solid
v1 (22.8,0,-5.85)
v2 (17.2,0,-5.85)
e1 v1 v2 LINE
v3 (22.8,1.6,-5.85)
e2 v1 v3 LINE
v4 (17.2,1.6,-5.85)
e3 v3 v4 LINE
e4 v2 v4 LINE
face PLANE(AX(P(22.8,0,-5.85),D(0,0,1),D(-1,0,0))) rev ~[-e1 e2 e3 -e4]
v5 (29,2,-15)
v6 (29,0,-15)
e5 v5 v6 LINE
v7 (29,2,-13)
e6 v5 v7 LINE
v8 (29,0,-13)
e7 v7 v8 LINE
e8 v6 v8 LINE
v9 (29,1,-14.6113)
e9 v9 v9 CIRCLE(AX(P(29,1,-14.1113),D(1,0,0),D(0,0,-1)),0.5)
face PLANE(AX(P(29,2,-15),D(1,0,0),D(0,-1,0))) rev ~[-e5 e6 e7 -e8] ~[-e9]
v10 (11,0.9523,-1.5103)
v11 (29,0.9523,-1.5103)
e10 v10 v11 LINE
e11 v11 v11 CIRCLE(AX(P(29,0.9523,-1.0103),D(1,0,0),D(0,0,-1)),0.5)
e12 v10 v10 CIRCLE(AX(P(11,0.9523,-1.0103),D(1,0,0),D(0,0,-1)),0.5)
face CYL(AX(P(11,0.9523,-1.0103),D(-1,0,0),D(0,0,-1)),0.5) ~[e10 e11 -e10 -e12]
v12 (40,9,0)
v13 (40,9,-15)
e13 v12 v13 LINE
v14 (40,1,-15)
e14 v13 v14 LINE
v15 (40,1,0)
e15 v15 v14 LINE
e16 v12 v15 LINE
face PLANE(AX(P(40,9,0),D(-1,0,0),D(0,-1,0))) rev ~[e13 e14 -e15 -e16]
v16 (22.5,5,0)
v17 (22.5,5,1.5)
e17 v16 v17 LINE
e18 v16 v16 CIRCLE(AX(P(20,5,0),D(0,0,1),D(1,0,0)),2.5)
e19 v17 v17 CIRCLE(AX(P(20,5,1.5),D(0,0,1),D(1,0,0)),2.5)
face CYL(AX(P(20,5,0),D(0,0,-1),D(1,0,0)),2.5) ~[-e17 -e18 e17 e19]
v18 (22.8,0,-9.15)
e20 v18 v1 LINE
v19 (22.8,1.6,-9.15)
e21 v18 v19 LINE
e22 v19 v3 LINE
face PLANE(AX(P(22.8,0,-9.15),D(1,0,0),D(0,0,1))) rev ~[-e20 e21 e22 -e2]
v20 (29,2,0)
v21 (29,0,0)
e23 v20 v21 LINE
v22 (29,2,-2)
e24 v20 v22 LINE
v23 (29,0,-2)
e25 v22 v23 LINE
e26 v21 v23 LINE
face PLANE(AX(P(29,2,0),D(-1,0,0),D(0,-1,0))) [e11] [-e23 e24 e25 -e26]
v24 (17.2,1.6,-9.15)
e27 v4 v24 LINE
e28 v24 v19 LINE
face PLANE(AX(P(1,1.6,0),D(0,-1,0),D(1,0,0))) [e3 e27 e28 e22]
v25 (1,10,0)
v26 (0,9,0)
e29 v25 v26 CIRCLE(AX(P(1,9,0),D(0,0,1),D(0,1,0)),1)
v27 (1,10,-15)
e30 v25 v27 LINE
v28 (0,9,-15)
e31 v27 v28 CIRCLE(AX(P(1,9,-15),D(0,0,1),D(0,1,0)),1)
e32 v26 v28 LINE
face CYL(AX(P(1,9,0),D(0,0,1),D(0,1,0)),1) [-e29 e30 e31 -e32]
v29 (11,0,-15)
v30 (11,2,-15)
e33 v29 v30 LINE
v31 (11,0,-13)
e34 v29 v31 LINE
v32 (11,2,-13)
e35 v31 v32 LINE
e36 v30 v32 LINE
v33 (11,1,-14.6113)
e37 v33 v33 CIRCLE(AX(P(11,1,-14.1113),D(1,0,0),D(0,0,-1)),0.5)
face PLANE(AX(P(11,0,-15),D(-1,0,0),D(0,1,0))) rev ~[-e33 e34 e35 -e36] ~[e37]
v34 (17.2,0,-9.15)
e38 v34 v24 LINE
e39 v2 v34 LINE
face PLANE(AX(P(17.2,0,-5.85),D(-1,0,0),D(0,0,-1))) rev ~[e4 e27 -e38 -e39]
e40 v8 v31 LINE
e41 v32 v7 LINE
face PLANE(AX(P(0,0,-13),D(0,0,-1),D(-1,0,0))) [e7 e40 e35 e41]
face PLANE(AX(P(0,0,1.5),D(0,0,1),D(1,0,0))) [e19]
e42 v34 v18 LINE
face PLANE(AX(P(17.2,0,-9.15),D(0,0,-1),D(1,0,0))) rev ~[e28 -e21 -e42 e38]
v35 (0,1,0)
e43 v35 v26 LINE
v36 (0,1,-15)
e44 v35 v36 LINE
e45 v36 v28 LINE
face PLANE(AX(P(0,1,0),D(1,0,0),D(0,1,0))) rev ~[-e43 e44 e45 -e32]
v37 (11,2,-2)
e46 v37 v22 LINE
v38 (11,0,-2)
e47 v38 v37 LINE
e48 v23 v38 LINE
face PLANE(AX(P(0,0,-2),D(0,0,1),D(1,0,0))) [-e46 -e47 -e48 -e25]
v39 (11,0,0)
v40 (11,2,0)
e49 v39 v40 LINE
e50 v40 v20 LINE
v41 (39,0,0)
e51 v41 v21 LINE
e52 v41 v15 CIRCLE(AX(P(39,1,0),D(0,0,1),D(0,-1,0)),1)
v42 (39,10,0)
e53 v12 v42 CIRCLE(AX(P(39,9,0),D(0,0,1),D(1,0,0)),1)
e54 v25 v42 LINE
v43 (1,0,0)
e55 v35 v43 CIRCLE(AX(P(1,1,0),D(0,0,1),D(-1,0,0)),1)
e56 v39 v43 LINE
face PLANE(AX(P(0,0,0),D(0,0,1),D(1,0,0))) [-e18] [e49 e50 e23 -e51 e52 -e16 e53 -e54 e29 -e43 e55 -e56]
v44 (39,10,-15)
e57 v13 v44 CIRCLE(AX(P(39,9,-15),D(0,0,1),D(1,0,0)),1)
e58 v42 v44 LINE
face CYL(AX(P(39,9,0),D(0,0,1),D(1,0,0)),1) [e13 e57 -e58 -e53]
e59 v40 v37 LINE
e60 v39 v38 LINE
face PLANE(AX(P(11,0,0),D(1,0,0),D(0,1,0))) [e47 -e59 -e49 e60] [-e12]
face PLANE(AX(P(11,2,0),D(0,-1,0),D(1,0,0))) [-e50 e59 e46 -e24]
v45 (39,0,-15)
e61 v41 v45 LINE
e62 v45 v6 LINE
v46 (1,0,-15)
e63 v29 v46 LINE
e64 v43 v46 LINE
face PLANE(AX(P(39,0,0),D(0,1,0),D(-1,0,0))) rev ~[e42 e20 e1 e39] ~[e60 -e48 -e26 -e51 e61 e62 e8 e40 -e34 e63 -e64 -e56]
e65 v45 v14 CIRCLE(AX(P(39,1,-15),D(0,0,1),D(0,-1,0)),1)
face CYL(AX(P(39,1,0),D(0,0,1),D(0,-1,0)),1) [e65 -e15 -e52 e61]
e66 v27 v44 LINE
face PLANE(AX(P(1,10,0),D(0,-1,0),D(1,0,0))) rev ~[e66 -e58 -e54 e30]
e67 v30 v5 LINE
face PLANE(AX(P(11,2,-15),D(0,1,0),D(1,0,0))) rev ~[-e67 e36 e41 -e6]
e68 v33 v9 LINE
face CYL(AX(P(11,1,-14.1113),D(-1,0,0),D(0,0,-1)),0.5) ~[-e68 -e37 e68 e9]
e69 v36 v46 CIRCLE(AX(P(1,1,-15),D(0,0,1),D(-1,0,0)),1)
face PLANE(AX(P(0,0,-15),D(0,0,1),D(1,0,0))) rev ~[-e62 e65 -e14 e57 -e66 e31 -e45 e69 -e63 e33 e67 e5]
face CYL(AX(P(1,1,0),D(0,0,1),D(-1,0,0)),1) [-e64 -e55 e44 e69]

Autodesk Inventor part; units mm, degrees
ref_plane "YZ Plane" through (0, 0, 0) normal (1, 0, 0) x (0, 1, 0)
ref_plane "XZ Plane" through (0, 0, 0) normal (0, 1, 0) x (-1, 0, 0)
ref_plane "XY Plane" through (0, 0, 0) normal (0, 0, 1) x (1, 0, 0)
sketch "Sketch1" plane through (0, 0, 0) normal (0, 0, 1) x (1, 0, 0)
  line L0 (0, 1) -> (0, 9)
  line L1 (1, 10) -> (39, 10)
  line L2 (40, 9) -> (40, 1)
  line L3 (39, 0) -> (1, 0)
  arc A0 (1, 10) -> (0, 9) centre (1, 9) ccw
  arc A1 (40, 9) -> (39, 10) centre (39, 9) ccw
  arc A2 (39, 0) -> (40, 1) centre (39, 1) ccw
  arc A3 (0, 1) -> (1, 0) centre (1, 1) ccw
  point P0 (0, 0)
  point P1 (0, 10)
  point P2 (40, 10)
  point P3 (40, 0)
  dimension "d0" = 10
  dimension "d1" = 40
  dimension "d4" = 1
extrude "Extrusion1" add sketch "Sketch1" against normal blind 15
sketch "Sketch2" plane through (1, 0, 0) normal (0, -1, 0) x (1, 0, 0)
  line L0 (0, 0) -> (38, 0) projected
  line L1 (0, 0) -> (0, -15) projected
  line L2 (38, -15) -> (0, -15) projected
  line L3 (38, 0) -> (38, -15) projected
  line L4 (0, 0) -> (38, 0) projected
  line L5 (0, 0) -> (0, -15) projected
  line L6 (38, -15) -> (0, -15) projected
  line L7 (38, 0) -> (38, -15) projected
  line L8 (0, 0) -> (38, 0) projected
  line L9 (38, -15) -> (0, -15) projected
  line L10 (0, 0) -> (0, -15) projected
  line L11 (38, 0) -> (38, -15) projected
  line L12 (16.2, -5.85) -> (16.2, -9.15)
  line L13 (16.2, -9.15) -> (21.8, -9.15)
  line L14 (21.8, -9.15) -> (21.8, -5.85)
  line L15 (21.8, -5.85) -> (16.2, -5.85)
  point P0 (-1, 0)
  point P1 (16.2, -7.5)
  dimension "d8" = 3.3
  dimension "d9" = 5.6
  dimension "d10" = 16.2
  dimension "d11" = 5.85
extrude "Extrusion2" cut sketch "Sketch2" against normal blind 1.6 contours L15 L14 L13 L12
sketch "Sketch3" plane through (0, 0, 0) normal (0, 0, 1) x (1, 0, 0)
  line L0 (40, 1) -> (40, 9) projected
  arc A0 (40, 9) -> (39, 10) centre (39, 9) ccw projected
  line L1 (39, 10) -> (1, 10) projected
  arc A1 (1, 10) -> (0, 9) centre (1, 9) ccw projected
  line L2 (0, 9) -> (0, 1) projected
  arc A2 (0, 1) -> (1, 0) centre (1, 1) ccw projected
  line L3 (1, 0) -> (39, 0) projected
  arc A3 (39, 0) -> (40, 1) centre (39, 1) ccw projected
  circle A4 centre (20, 5) radius 2.5
  point P0 (0, 0)
  dimension "d14" = 5
extrude "Extrusion3" add sketch "Sketch3" along normal blind 1.5 contours A4
sketch "Sketch4" plane through (0, 0, 0) normal (0, 0, 1) x (1, 0, 0)
  line L0 (17.2, 0) -> (22.8, 0) projected
  line L1 (20, 0) -> (11, 0)
  line L2 (1, 0) -> (39, 0) projected
  line L3 (11, 0) -> (11, 2)
  line L4 (11, 2) -> (29, 2)
  line L5 (29, 2) -> (29, 0)
  line L6 (29, 0) -> (20, 0)
  point P0 (0, 0)
  point P1 (29, 0)
  dimension "d17" = 9
  dimension "d18" = 2
  dimension "d19" = 18
extrude "Extrusion4" cut sketch "Sketch4" against normal blind 2
sketch "Sketch5" plane through (0, 0, -15) normal (0, 0, -1) x (-1, 0, 0)
  line L0 (-11, 2) -> (-29, 2) projected
  line L1 (-11, 0) -> (-11, 2) projected
  line L2 (-39, 0) -> (-1, 0) projected
  line L3 (-29, 2) -> (-29, 0) projected
  point P0 (0, 0)
extrude "Extrusion5" cut sketch "Sketch5" against normal blind 2
sketch "Sketch6" plane through (11, 0, 0) normal (1, 0, 0) x (0, 0, -1)
  circle A0 centre (1.0103, 0.9523) radius 0.5
  point P0 (0, 0)
  dimension "d24" = 1
extrude "Extrusion6" add sketch "Sketch6" along normal blind 18
sketch "Sketch7" plane through (11, 0, -15) normal (1, 0, 0) x (0, 0, -1)
  circle A0 centre (-0.8887, 1) radius 0.5
  point P0 (-15, 0)
  dimension "d27" = 1
extrude "Extrusion7" add sketch "Sketch7" along normal blind 18
equation "\"BendRadius\" = Thickness"
equation "\"BendReliefWidth\" = Thickness"
equation "\"BendReliefDepth\" = 0.5 * Thickness"
equation "\"CornerReliefSize\" = 4 * Thickness"
equation "\"MinimumRemnant\" = 2 * Thickness"
equation "\"TransitionRadius\" = BendRadius"
equation "\"JacobiRadiusSize\" = BendRadius"
equation "\"GapSize\" = Thickness"
equation "\"Thickness\" = 3.048"
properties part number "Caja" material "Rubber, Silicone"
